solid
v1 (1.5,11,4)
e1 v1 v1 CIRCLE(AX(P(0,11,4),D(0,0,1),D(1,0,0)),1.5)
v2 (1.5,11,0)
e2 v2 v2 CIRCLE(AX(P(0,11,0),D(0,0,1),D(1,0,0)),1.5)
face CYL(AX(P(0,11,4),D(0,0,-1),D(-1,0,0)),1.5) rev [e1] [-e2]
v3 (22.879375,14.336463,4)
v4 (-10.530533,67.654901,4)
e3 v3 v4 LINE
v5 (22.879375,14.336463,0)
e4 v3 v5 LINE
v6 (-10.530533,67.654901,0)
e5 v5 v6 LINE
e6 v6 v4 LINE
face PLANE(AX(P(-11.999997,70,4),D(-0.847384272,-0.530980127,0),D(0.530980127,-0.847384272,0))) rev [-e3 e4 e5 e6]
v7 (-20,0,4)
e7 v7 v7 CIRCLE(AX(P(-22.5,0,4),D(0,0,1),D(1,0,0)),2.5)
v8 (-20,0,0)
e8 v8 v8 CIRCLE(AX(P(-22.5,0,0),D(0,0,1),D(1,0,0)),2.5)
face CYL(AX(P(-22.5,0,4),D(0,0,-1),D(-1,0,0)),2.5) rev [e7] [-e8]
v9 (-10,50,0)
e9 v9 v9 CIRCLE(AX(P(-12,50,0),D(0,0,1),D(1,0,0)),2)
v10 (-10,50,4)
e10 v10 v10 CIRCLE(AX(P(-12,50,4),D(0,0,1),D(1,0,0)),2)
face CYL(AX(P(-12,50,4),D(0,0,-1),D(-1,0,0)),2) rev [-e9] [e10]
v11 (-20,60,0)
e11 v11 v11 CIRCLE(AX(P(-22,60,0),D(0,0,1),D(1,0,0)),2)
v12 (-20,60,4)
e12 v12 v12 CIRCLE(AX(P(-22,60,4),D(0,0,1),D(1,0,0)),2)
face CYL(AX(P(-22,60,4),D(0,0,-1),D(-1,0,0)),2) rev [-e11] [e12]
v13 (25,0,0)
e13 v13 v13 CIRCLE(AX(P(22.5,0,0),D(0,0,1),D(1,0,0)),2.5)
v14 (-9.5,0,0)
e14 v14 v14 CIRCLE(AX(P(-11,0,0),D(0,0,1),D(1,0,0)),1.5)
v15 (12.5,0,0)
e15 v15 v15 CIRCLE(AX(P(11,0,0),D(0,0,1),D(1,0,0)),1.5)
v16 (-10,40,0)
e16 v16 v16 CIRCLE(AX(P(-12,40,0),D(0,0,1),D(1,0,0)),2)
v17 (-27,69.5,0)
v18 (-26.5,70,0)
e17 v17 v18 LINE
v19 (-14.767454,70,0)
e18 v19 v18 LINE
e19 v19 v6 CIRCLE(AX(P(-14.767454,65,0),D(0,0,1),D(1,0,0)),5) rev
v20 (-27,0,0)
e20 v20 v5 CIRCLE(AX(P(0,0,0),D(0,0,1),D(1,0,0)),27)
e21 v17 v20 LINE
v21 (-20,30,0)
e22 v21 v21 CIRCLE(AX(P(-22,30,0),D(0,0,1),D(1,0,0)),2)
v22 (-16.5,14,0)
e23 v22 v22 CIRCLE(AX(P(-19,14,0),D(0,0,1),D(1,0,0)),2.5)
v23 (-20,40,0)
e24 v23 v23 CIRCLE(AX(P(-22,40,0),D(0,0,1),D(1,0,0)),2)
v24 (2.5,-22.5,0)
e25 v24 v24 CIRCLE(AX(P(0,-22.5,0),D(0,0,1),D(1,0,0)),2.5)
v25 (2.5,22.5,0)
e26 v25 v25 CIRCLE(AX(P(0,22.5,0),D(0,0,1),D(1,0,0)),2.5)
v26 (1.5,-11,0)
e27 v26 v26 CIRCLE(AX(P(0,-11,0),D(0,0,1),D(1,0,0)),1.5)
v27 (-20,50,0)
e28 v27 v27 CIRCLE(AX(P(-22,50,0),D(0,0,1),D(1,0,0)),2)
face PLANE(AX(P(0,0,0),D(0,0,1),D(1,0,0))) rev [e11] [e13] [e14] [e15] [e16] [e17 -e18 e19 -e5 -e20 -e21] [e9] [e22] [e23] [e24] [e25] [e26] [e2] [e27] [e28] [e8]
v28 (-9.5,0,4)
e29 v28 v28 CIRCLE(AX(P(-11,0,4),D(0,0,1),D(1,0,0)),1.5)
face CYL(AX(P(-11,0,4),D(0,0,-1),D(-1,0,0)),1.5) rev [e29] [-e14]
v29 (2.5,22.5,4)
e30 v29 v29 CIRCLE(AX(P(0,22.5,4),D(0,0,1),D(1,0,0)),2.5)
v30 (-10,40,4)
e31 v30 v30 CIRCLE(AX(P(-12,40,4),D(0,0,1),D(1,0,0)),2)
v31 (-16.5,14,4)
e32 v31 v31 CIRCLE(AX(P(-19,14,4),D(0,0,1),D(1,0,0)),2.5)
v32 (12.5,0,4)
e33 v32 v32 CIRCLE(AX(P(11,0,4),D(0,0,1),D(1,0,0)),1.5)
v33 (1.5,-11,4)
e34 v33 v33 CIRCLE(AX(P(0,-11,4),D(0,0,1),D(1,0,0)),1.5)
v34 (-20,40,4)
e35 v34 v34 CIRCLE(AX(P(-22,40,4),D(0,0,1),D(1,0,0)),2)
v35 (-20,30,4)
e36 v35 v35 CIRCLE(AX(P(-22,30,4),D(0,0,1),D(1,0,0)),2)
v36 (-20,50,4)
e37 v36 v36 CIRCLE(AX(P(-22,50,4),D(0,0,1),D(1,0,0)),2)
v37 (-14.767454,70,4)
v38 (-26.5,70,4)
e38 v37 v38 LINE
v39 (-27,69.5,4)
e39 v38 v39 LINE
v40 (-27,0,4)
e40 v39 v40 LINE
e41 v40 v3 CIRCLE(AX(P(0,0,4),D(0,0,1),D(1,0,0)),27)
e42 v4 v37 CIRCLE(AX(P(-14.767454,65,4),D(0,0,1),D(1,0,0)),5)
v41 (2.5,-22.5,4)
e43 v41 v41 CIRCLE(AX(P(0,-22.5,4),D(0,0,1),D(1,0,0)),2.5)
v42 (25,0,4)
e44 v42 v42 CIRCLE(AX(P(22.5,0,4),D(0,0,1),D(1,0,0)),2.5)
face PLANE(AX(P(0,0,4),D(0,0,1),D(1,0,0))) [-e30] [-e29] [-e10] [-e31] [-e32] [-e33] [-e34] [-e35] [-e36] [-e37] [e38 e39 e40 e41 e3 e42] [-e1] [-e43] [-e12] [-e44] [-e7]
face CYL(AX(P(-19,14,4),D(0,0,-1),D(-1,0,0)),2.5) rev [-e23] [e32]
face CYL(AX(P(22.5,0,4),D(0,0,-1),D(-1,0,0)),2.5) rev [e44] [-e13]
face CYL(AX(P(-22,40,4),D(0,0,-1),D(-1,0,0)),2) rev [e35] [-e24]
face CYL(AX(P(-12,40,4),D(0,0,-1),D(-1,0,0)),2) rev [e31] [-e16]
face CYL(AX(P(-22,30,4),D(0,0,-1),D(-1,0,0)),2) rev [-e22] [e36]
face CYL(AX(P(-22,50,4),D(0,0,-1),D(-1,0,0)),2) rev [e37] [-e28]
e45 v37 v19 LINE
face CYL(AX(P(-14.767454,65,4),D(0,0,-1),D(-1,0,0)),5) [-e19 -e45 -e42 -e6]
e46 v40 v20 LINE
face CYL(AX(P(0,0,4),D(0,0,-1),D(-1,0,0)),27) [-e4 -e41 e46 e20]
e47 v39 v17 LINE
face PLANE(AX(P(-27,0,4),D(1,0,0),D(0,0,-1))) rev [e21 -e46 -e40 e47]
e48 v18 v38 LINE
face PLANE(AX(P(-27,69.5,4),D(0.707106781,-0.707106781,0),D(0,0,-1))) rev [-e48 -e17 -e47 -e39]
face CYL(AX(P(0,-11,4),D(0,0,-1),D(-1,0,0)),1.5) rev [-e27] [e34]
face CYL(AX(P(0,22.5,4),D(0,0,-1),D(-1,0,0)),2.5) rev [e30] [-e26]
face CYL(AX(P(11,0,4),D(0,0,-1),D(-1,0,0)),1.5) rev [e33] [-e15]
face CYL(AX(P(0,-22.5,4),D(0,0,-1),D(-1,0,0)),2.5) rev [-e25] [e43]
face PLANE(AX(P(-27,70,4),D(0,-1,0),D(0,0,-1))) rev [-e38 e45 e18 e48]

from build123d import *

# Parameters (mm, degrees)
SKETCH_1_R      = 2.5
SKETCH_1_R_2    = 2
SKETCH_1_R_3    = 1.5
EXTRUDE_1_DEPTH = 4
FILLET_1_R      = 5
CHAMFER_1_SIZE  = 0.5


with BuildPart() as part:
    # 草图1 → 凸台-拉伸1 (new body)
    with BuildSketch(Plane.XY):
        with BuildLine():
            Line((-27, 0), (-27, 70))
            Line((-27, 70), (-11.999997176, 70))
            Line((-11.999997176, 70), (22.879375353, 14.336463423))
            ThreePointArc((22.879375353, 14.336463423), (7.458447073, -25.949403987), (-27, 0))
        make_face()
        with Locations((0, 22.5)):
            Circle(SKETCH_1_R, mode=Mode.SUBTRACT)
        with Locations((22.5, 0)):
            Circle(SKETCH_1_R, mode=Mode.SUBTRACT)
        with Locations((0, -22.5)):
            Circle(SKETCH_1_R, mode=Mode.SUBTRACT)
        with Locations((-22.5, 0)):
            Circle(SKETCH_1_R, mode=Mode.SUBTRACT)
        with Locations((-22, 60)):
            Circle(SKETCH_1_R_2, mode=Mode.SUBTRACT)
        with Locations((-22, 50)):
            Circle(SKETCH_1_R_2, mode=Mode.SUBTRACT)
        with Locations((-22, 30)):
            Circle(SKETCH_1_R_2, mode=Mode.SUBTRACT)
        with Locations((-22, 40)):
            Circle(SKETCH_1_R_2, mode=Mode.SUBTRACT)
        with Locations((-12, 50)):
            Circle(SKETCH_1_R_2, mode=Mode.SUBTRACT)
        with Locations((0, 11)):
            Circle(SKETCH_1_R_3, mode=Mode.SUBTRACT)
        with Locations((11, 0)):
            Circle(SKETCH_1_R_3, mode=Mode.SUBTRACT)
        with Locations((0, -11)):
            Circle(SKETCH_1_R_3, mode=Mode.SUBTRACT)
        with Locations((-11, 0)):
            Circle(SKETCH_1_R_3, mode=Mode.SUBTRACT)
        with Locations((-12, 40)):
            Circle(SKETCH_1_R_2, mode=Mode.SUBTRACT)
        with Locations((-19, 14)):
            Circle(SKETCH_1_R, mode=Mode.SUBTRACT)
    extrude(amount=EXTRUDE_1_DEPTH)

    # 圆角1
    fillet_1_edges = [part.edges().sort_by_distance(p)[0] for p in [
        (-11.999997176, 70, 2),
    ]]
    fillet(fillet_1_edges, radius=FILLET_1_R)

    # 倒角1
    chamfer_1_edges = [part.edges().sort_by_distance(p)[0] for p in [
        (-27, 70, 2),
    ]]
    chamfer(chamfer_1_edges, length=CHAMFER_1_SIZE)


solid = part.part
